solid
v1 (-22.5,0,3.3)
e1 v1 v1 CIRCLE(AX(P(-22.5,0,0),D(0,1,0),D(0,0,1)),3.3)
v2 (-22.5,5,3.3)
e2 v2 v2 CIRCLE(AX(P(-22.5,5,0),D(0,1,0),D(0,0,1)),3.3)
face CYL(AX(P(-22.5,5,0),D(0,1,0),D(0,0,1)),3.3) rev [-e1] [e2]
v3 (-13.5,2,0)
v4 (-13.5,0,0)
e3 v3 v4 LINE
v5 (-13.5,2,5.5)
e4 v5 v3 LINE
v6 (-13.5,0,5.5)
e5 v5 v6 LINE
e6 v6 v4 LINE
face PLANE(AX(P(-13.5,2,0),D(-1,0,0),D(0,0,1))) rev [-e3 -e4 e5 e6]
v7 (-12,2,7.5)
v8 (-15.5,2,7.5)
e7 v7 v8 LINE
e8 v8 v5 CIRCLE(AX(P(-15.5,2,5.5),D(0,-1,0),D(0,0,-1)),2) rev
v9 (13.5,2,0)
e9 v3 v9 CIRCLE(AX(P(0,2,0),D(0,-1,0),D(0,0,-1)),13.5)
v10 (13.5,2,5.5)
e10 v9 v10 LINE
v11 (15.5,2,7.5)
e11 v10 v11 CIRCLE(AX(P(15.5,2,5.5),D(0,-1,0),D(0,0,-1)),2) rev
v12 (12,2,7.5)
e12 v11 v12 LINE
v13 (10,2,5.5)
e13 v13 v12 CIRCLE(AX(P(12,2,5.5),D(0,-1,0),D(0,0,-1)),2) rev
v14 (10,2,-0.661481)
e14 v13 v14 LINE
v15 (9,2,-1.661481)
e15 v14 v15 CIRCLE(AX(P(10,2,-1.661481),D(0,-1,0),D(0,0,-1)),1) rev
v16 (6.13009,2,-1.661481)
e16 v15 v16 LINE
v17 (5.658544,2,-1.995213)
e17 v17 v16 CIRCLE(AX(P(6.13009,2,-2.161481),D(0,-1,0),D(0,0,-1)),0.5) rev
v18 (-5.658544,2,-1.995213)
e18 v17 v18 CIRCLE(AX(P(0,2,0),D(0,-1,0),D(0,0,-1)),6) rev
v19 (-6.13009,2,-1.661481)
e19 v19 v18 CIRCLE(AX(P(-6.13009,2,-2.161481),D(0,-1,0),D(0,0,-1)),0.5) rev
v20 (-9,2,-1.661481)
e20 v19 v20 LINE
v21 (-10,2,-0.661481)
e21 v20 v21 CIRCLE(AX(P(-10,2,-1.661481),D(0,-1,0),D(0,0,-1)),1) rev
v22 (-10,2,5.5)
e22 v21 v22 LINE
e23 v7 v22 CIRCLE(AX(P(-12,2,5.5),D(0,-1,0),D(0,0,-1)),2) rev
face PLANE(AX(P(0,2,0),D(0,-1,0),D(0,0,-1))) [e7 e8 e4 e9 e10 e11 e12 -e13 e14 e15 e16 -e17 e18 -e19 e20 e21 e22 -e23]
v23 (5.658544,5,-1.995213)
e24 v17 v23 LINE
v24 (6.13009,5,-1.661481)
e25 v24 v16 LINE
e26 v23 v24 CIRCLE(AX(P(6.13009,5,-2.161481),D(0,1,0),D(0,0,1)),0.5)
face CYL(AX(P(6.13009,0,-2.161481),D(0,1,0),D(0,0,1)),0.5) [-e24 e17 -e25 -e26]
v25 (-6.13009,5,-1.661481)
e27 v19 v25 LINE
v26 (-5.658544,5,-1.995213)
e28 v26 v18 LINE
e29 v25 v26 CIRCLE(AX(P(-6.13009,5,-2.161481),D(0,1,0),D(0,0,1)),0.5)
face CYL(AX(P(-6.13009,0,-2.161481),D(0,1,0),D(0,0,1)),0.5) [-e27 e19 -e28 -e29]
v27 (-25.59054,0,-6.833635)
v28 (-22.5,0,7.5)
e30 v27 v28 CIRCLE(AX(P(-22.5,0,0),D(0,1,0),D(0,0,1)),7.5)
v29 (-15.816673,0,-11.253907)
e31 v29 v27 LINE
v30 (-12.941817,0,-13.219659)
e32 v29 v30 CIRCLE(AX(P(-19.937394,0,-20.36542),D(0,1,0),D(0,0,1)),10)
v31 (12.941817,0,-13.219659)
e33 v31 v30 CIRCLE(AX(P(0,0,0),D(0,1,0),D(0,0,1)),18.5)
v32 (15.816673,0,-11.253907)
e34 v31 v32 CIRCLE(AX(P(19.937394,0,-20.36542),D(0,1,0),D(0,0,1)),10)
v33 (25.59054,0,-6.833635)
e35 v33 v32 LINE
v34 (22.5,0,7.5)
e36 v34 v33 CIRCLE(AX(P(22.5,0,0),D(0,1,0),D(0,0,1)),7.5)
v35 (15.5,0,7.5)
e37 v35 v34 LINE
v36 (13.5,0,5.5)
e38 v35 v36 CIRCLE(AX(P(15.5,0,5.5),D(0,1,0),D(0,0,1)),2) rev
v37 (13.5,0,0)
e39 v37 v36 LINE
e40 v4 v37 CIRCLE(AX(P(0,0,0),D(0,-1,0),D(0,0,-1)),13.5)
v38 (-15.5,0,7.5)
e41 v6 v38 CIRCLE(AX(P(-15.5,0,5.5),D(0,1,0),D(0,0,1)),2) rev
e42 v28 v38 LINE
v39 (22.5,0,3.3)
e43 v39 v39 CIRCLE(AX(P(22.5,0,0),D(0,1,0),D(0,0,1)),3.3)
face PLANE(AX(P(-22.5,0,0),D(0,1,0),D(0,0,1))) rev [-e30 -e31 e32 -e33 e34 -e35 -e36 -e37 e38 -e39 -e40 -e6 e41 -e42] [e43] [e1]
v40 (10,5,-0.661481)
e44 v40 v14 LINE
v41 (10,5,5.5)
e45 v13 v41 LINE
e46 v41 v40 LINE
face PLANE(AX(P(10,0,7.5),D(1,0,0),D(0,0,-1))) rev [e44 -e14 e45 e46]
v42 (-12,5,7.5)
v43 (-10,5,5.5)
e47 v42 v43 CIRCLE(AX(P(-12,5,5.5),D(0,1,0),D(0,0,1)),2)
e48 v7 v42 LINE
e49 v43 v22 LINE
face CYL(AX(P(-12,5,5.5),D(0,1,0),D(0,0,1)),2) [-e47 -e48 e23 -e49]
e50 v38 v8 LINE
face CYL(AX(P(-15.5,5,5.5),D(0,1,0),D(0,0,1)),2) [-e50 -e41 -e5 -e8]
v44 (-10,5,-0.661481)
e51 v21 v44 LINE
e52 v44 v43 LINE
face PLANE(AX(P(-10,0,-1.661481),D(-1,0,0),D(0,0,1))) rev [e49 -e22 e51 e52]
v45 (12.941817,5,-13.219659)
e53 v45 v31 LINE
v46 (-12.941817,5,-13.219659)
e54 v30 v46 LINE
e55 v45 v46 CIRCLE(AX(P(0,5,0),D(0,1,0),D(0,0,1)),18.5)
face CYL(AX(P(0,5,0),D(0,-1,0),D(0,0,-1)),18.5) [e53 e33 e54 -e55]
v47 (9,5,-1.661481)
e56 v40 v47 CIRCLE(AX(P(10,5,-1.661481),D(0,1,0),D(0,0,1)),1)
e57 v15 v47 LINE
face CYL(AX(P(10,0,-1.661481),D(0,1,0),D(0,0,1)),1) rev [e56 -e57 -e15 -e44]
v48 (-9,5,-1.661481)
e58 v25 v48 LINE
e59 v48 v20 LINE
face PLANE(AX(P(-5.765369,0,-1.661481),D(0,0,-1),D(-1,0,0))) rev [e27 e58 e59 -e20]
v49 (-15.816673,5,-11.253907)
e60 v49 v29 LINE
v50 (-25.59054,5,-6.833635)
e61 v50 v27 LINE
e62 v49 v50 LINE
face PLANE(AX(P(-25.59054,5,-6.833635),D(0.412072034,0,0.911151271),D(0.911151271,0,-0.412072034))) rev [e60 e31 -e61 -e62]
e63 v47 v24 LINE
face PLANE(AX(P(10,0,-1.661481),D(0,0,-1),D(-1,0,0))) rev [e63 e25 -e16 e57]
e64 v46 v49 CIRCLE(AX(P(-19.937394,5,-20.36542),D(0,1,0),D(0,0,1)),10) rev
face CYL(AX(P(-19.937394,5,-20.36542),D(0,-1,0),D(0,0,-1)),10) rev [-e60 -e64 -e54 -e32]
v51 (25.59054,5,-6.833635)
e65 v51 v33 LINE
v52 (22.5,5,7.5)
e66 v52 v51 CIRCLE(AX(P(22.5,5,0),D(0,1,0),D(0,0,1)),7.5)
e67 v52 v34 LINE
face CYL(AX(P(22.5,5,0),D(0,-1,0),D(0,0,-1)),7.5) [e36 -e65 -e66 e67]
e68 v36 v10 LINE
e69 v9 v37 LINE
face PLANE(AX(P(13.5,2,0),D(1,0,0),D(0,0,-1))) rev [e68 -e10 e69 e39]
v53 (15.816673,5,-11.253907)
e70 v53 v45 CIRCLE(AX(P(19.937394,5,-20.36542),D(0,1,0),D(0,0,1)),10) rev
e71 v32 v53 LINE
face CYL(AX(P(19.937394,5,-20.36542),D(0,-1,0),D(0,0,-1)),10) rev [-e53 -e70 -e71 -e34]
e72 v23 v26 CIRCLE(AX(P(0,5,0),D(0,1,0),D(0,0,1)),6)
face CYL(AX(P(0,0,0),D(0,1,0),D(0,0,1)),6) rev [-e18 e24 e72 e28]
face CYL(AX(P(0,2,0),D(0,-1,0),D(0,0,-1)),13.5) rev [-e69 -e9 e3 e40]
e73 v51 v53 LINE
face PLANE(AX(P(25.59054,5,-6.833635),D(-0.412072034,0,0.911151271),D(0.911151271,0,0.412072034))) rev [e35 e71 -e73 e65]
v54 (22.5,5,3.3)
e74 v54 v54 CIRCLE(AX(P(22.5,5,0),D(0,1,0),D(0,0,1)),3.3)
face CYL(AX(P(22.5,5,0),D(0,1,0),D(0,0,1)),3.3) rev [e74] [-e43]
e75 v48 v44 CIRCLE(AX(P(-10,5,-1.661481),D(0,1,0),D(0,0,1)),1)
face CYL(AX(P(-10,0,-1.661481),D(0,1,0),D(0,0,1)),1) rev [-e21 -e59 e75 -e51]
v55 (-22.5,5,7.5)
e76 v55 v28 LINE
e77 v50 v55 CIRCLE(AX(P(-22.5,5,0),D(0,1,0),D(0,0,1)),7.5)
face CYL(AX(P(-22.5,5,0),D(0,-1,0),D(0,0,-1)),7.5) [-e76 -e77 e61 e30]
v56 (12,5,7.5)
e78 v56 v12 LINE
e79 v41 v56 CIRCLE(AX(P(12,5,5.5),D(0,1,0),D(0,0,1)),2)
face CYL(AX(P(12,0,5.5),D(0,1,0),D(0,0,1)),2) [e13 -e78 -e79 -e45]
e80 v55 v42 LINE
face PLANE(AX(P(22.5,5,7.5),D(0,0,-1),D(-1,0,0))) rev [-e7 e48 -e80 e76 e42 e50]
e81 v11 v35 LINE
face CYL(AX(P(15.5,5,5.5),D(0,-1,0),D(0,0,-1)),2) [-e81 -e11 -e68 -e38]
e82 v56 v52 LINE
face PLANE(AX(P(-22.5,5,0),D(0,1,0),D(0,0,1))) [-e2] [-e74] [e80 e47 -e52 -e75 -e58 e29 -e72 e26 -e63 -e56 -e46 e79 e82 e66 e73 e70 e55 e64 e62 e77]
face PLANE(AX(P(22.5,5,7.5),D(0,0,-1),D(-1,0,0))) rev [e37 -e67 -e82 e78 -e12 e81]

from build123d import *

# Parameters (mm, degrees)
BOSS_EXTRUDE1_DEPTH  = 5
CUT_EXTRUDE1_DEPTH   = 6
FILLET1_R            = 10
M6_CLEARANCE_HOLE1_D = 6.6
FILLET2_R            = 0.5
SKETCH5_R            = 1
CUT_EXTRUDE2_DEPTH   = 6
FILLET3_R            = 2
CUT_EXTRUDE3_DEPTH   = 2
FILLET4_R            = 2


with BuildPart() as part:
    # Sketch1 → Boss-Extrude1 (new body)
    with BuildSketch(Plane(origin=(0, 0, 0), x_dir=(1, 0, 0), z_dir=(0, 1, 0))):
        with BuildLine():
            Line((-25.590540252, 6.833634535), (-14.025260906, 12.064081255))
            ThreePointArc((-14.025260906, 12.064081255), (0, 18.5), (14.025260906, 12.064081255))
            Line((14.025260906, 12.064081255), (25.590540252, 6.833634535))
            ThreePointArc((25.590540252, 6.833634535), (29.83151618, -1.580781609), (22.5, -7.5))
            Line((22.5, -7.5), (-22.5, -7.5))
            ThreePointArc((-22.5, -7.5), (-29.83151618, -1.580781609), (-25.590540252, 6.833634535))
        make_face()
    extrude(amount=BOSS_EXTRUDE1_DEPTH)

    # Sketch2 → Cut-Extrude1 (cut, through all)
    with BuildSketch(Plane(origin=(0, 5, 0), x_dir=(1, 0, 0), z_dir=(0, 1, 0))):
        with BuildLine():
            Line((10, -7.5), (10, 1.661480829))
            Line((10, 1.661480829), (5.765369152, 1.661480829))
            ThreePointArc((5.765369152, 1.661480829), (0, 6), (-5.765369152, 1.661480829))
            Line((-5.765369152, 1.661480829), (-10, 1.661480829))
            Line((-10, 1.661480829), (-10, -7.5))
            Line((-10, -7.5), (10, -7.5))
        make_face()
    extrude(amount=-CUT_EXTRUDE1_DEPTH, mode=Mode.SUBTRACT)

    # Fillet1
    fillet1_edges = [part.edges().sort_by_distance(p)[0] for p in [
        (-14.025260906, 2.5, -12.064081255),
        (14.025260906, 2.5, -12.064081255),
    ]]
    fillet(fillet1_edges, radius=FILLET1_R)

    # M6 Clearance Hole1 (through all)
    with Locations(Plane(origin=(0, 5, 0), x_dir=(1, 0, 0), z_dir=(0, 1, 0))):
        with Locations((-22.5, 0), (22.5, 0)):
            Hole(M6_CLEARANCE_HOLE1_D / 2)

    # Fillet2
    fillet2_edges = [part.edges().sort_by_distance(p)[0] for p in [
        (-5.765369152, 2.5, -1.661480829),
        (5.765369152, 2.5, -1.661480829),
    ]]
    fillet(fillet2_edges, radius=FILLET2_R)

    # Sketch5 → Cut-Extrude2 (cut, through all)
    with BuildSketch(Plane(origin=(0, 5, 0), x_dir=(1, 0, 0), z_dir=(0, 1, 0))):
        with Locations((-10, 1.661480829)):
            Circle(SKETCH5_R)
        with Locations((10, 1.661480829)):
            Circle(SKETCH5_R)
    extrude(amount=-CUT_EXTRUDE2_DEPTH, mode=Mode.SUBTRACT)

    # Fillet3
    fillet3_edges = [part.edges().sort_by_distance(p)[0] for p in [
        (10, 2.5, 7.5),
        (-10, 2.5, 7.5),
    ]]
    fillet(fillet3_edges, radius=FILLET3_R)

    # Sketch6 → Cut-Extrude3 (cut)
    with BuildSketch(Plane.XZ):
        with BuildLine():
            Line((-13.5, 0), (-13.5, 12))
            ThreePointArc((-13.5, 12), (0, 25.5), (13.5, 12))
            Line((13.5, 12), (13.5, 0))
            ThreePointArc((13.5, 0), (0, -13.5), (-13.5, 0))
        make_face()
    extrude(amount=-CUT_EXTRUDE3_DEPTH, mode=Mode.SUBTRACT)

    # Fillet4
    fillet4_edges = [part.edges().sort_by_distance(p)[0] for p in [
        (-13.5, 1, 7.5),
        (13.5, 1, 7.5),
    ]]
    fillet(fillet4_edges, radius=FILLET4_R)


solid = part.part
